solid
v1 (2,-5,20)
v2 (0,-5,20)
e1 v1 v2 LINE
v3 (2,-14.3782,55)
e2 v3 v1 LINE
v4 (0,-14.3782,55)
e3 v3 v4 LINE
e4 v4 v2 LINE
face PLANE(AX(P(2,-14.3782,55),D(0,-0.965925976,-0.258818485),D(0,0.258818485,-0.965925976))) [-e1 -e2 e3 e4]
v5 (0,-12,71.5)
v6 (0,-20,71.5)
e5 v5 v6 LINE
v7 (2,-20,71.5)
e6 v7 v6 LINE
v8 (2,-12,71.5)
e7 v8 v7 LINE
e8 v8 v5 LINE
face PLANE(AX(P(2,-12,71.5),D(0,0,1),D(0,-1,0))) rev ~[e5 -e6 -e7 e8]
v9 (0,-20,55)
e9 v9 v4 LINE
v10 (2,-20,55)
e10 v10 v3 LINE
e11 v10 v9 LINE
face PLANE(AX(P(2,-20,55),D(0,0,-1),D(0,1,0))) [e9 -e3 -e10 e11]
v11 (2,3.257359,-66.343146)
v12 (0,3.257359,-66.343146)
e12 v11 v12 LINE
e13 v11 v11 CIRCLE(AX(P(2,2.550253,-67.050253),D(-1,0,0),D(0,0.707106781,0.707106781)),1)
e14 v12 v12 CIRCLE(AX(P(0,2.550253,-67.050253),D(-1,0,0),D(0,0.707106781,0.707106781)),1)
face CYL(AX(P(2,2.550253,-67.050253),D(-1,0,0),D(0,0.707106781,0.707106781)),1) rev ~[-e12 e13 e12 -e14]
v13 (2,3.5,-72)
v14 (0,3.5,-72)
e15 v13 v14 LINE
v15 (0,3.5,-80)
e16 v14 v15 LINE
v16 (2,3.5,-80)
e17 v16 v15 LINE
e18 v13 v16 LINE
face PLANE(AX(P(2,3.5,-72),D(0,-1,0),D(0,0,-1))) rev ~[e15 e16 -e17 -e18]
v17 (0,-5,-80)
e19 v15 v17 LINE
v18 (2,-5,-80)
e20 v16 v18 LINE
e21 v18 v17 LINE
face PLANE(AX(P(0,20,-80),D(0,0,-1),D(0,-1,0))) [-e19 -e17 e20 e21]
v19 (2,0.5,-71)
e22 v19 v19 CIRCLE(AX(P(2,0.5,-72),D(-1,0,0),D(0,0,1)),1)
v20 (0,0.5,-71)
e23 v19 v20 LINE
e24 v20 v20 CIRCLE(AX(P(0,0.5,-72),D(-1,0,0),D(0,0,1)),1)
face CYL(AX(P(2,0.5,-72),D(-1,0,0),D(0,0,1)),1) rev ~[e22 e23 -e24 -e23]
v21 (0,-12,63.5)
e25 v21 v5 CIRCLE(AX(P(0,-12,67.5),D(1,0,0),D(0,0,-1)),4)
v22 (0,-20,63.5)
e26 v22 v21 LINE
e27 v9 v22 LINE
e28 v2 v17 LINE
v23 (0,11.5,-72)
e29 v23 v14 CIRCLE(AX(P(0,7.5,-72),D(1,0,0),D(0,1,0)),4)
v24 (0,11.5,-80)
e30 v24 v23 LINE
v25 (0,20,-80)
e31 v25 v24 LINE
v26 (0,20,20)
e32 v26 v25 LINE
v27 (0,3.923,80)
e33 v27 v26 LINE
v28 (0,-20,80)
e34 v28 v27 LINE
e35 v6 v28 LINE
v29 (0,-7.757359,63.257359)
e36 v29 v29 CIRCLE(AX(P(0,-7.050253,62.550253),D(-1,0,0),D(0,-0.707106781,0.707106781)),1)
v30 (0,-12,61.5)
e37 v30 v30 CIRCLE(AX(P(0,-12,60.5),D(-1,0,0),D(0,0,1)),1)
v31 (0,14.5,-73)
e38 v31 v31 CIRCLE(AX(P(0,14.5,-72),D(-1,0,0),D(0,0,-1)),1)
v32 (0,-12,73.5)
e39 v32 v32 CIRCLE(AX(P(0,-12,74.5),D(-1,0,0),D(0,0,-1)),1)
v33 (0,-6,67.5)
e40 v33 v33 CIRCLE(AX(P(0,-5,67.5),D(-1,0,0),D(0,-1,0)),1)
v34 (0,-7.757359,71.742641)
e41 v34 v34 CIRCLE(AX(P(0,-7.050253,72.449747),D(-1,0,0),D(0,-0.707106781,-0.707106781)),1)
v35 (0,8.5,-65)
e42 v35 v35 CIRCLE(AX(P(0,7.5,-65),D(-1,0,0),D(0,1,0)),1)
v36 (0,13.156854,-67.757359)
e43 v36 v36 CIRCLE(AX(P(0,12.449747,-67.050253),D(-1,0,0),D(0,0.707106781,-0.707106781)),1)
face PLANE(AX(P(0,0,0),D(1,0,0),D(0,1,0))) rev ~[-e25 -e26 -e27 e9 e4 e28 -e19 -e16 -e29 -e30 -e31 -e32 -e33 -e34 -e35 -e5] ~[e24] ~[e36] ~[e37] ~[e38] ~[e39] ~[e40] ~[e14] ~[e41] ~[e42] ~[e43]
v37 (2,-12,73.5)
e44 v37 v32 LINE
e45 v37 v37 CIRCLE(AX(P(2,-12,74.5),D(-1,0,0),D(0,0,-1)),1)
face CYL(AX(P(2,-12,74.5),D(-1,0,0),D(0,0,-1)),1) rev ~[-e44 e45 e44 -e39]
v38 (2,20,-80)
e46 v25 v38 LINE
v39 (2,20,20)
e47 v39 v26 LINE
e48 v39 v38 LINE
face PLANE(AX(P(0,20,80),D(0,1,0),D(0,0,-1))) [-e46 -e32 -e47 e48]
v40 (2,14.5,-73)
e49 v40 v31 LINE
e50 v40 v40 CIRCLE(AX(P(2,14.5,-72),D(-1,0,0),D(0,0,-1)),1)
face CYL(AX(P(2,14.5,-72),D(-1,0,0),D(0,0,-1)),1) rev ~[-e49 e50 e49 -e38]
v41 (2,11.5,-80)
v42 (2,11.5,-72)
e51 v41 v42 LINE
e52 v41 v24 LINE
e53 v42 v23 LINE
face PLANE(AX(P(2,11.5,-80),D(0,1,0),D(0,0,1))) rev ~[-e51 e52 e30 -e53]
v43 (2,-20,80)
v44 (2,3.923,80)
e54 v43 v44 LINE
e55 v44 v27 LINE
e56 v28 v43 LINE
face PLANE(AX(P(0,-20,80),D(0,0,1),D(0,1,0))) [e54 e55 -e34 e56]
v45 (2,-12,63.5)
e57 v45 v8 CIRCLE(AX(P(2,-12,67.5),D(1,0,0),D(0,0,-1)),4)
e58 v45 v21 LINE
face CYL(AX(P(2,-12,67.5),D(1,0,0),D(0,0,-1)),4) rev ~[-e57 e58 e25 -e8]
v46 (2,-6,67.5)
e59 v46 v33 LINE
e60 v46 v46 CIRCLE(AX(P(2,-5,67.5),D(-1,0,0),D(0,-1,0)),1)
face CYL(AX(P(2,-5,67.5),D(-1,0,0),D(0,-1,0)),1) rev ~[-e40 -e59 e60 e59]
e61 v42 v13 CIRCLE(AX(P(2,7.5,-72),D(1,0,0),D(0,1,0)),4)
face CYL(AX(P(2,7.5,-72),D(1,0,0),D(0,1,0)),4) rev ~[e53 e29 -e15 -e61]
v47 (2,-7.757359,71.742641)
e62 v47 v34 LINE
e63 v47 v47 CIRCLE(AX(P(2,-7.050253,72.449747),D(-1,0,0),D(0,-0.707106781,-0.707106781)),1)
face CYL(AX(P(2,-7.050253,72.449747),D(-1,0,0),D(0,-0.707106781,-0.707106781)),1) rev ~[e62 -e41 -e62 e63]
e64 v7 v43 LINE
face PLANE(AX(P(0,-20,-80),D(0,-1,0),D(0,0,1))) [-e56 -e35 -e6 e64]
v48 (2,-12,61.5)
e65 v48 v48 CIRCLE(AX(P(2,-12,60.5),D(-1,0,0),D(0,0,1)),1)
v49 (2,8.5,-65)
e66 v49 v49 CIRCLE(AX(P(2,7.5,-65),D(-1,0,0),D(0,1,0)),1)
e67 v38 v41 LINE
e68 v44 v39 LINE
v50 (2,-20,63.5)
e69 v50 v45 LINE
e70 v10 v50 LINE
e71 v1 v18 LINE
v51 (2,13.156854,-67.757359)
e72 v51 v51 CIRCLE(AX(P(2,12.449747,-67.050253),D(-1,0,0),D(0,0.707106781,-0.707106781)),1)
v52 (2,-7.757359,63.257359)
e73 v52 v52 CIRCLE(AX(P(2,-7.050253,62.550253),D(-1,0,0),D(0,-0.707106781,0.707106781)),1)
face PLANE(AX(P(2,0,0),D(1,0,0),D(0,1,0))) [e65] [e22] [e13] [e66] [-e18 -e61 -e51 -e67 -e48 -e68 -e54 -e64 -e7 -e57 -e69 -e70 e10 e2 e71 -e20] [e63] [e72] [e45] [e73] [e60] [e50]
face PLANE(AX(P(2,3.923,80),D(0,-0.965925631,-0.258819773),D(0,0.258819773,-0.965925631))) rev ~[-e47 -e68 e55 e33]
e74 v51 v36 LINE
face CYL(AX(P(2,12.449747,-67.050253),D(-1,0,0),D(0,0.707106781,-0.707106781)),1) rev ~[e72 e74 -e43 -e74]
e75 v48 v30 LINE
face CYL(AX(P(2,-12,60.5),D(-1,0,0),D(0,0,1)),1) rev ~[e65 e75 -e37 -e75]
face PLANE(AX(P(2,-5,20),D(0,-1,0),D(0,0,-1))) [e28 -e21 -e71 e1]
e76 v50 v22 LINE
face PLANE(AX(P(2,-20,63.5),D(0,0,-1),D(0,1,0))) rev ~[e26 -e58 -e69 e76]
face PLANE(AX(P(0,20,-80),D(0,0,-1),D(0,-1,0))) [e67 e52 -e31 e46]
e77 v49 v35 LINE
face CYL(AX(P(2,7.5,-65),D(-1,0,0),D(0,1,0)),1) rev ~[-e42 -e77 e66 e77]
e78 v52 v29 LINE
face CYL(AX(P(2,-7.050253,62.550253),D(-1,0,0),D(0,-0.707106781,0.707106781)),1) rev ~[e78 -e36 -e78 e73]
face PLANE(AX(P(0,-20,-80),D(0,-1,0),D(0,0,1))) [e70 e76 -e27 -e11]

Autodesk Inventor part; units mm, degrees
ref_plane "YZ Plane" through (0, 0, 0) normal (1, 0, 0) x (0, 1, 0)
ref_plane "XZ Plane" through (0, 0, 0) normal (0, 1, 0) x (-1, 0, 0)
ref_plane "XY Plane" through (0, 0, 0) normal (0, 0, 1) x (1, 0, 0)
sketch "スケッチ1" plane through (0, 0, 0) normal (1, 0, 0) x (0, 1, 0)
  line L0 (-20, 80) -> (20, 80)
  line L1 (20, 80) -> (20, -80)
  line L2 (20, -80) -> (-20, -80)
  line L3 (-20, -80) -> (-20, 80)
  point P0 (0, 0)
  dimension "d0" = 40
  dimension "d2" = 160
  dimension "d3" = 80
  dimension "d4" = 20
extrude "押し出し1" add sketch "スケッチ1" along normal blind 2
sketch "スケッチ2" plane through (2, 0, 0) normal (1, 0, 0) x (0, 0, -1)
  line L0 (-80, 20) -> (-80, -20) projected
  line L1 (-80, -20) -> (80, -20) projected
  line L2 (80, -20) -> (80, 20) projected
  line L3 (80, 20) -> (-80, 20) projected
  line L4 (-80, 3.923) -> (-20, 20)
  line L5 (-55, -20) -> (-55, -14.3782)
  line L6 (-55, -14.3782) -> (-20, -5)
  line L7 (-20, -5) -> (80, -5)
  point P0 (0, 0)
  dimension "d7" = 25
  dimension "d8" = 165
  dimension "d9" = 15
  dimension "d10" = 100
  dimension "d11" = 100
  dimension "d12" = 25
extrude "押し出し2" cut sketch "スケッチ2" against normal blind 2 contours L4 L3 L2 L7 L6 L5 L1 L0 keep common part
sketch "スケッチ3" plane through (2, 0, 0) normal (1, 0, 0) x (0, 0, -1)
  line L0 (80, -5) -> (-20, -5) projected
  line L1 (80, -5) -> (80, 20) projected
  line L2 (80, 20) -> (-20, 20) projected
  line L3 (-80, 3.923) -> (-20, 20) projected
  line L4 (-80, 3.923) -> (-80, -20) projected
  line L5 (-80, -20) -> (-55, -20) projected
  line L6 (-55, -14.3782) -> (-55, -20) projected
  line L7 (-20, -5) -> (-55, -14.3782) projected
  line L8 (-71.5, -20) -> (-63.5, -20)
  line L9 (-63.5, -20) -> (-63.5, -12)
  line L10 (-71.5, -12) -> (-71.5, -20)
  line L11 (80, 11.5) -> (72, 11.5)
  line L12 (72, 3.5) -> (80, 3.5)
  line L13 (80, 3.5) -> (80, 11.5)
  arc A0 (-63.5, -12) -> (-71.5, -12) centre (-67.5, -12) ccw
  arc A1 (72, 11.5) -> (72, 3.5) centre (72, 7.5) ccw
  point P0 (0, 0)
  dimension "d18" = 8
  dimension "d19" = 12.5
  dimension "d20" = 8
  dimension "d21" = 12.5
  dimension "d23" = 8
  dimension "d24" = 4
  dimension "d25" = 8
  dimension "d26" = 8
  dimension "d27" = 8
extrude "押し出し3" cut sketch "スケッチ3" against normal blind 2 contours L0 L7 L6 L5 L9 A0 L10 L4 L3 L2 L1 L11 A1 L12 keep common part
sketch "スケッチ4" plane through (2, 0, 0) normal (1, 0, 0) x (0, 0, -1)
  arc A0 (72, 11.5) -> (72, 3.5) centre (72, 7.5) ccw projected
  line L0 (80, 11.5) -> (80, 20) projected
  line L1 (-80, -20) -> (-71.5, -20) projected
  arc A1 (-63.5, -12) -> (-71.5, -12) centre (-67.5, -12) ccw projected
  circle A2 centre (-74.5, -12) radius 1
  circle A3 centre (72, 14.5) radius 1
  point P0 (0, 0)
  dimension "d30" = 8
  dimension "d31" = 7
  dimension "d32" = 2
  dimension "d33" = 8
  dimension "d34" = 7
hole "穴1" at (2, -12, 74.5) at (2, 14.5, -72) direction (-1, 0, 0) diameter 2 end through all
pattern_circular "円形状パターン1" count 5 over 180 about axis through (2, -12, 67.5) along (-1, 0, 0) of "穴1"
pattern_circular "円形状パターン2" count 5 over 180 about axis through (2, 7.5, -72) along (1, 0, 0) of "穴1"
properties part number "Flame"
